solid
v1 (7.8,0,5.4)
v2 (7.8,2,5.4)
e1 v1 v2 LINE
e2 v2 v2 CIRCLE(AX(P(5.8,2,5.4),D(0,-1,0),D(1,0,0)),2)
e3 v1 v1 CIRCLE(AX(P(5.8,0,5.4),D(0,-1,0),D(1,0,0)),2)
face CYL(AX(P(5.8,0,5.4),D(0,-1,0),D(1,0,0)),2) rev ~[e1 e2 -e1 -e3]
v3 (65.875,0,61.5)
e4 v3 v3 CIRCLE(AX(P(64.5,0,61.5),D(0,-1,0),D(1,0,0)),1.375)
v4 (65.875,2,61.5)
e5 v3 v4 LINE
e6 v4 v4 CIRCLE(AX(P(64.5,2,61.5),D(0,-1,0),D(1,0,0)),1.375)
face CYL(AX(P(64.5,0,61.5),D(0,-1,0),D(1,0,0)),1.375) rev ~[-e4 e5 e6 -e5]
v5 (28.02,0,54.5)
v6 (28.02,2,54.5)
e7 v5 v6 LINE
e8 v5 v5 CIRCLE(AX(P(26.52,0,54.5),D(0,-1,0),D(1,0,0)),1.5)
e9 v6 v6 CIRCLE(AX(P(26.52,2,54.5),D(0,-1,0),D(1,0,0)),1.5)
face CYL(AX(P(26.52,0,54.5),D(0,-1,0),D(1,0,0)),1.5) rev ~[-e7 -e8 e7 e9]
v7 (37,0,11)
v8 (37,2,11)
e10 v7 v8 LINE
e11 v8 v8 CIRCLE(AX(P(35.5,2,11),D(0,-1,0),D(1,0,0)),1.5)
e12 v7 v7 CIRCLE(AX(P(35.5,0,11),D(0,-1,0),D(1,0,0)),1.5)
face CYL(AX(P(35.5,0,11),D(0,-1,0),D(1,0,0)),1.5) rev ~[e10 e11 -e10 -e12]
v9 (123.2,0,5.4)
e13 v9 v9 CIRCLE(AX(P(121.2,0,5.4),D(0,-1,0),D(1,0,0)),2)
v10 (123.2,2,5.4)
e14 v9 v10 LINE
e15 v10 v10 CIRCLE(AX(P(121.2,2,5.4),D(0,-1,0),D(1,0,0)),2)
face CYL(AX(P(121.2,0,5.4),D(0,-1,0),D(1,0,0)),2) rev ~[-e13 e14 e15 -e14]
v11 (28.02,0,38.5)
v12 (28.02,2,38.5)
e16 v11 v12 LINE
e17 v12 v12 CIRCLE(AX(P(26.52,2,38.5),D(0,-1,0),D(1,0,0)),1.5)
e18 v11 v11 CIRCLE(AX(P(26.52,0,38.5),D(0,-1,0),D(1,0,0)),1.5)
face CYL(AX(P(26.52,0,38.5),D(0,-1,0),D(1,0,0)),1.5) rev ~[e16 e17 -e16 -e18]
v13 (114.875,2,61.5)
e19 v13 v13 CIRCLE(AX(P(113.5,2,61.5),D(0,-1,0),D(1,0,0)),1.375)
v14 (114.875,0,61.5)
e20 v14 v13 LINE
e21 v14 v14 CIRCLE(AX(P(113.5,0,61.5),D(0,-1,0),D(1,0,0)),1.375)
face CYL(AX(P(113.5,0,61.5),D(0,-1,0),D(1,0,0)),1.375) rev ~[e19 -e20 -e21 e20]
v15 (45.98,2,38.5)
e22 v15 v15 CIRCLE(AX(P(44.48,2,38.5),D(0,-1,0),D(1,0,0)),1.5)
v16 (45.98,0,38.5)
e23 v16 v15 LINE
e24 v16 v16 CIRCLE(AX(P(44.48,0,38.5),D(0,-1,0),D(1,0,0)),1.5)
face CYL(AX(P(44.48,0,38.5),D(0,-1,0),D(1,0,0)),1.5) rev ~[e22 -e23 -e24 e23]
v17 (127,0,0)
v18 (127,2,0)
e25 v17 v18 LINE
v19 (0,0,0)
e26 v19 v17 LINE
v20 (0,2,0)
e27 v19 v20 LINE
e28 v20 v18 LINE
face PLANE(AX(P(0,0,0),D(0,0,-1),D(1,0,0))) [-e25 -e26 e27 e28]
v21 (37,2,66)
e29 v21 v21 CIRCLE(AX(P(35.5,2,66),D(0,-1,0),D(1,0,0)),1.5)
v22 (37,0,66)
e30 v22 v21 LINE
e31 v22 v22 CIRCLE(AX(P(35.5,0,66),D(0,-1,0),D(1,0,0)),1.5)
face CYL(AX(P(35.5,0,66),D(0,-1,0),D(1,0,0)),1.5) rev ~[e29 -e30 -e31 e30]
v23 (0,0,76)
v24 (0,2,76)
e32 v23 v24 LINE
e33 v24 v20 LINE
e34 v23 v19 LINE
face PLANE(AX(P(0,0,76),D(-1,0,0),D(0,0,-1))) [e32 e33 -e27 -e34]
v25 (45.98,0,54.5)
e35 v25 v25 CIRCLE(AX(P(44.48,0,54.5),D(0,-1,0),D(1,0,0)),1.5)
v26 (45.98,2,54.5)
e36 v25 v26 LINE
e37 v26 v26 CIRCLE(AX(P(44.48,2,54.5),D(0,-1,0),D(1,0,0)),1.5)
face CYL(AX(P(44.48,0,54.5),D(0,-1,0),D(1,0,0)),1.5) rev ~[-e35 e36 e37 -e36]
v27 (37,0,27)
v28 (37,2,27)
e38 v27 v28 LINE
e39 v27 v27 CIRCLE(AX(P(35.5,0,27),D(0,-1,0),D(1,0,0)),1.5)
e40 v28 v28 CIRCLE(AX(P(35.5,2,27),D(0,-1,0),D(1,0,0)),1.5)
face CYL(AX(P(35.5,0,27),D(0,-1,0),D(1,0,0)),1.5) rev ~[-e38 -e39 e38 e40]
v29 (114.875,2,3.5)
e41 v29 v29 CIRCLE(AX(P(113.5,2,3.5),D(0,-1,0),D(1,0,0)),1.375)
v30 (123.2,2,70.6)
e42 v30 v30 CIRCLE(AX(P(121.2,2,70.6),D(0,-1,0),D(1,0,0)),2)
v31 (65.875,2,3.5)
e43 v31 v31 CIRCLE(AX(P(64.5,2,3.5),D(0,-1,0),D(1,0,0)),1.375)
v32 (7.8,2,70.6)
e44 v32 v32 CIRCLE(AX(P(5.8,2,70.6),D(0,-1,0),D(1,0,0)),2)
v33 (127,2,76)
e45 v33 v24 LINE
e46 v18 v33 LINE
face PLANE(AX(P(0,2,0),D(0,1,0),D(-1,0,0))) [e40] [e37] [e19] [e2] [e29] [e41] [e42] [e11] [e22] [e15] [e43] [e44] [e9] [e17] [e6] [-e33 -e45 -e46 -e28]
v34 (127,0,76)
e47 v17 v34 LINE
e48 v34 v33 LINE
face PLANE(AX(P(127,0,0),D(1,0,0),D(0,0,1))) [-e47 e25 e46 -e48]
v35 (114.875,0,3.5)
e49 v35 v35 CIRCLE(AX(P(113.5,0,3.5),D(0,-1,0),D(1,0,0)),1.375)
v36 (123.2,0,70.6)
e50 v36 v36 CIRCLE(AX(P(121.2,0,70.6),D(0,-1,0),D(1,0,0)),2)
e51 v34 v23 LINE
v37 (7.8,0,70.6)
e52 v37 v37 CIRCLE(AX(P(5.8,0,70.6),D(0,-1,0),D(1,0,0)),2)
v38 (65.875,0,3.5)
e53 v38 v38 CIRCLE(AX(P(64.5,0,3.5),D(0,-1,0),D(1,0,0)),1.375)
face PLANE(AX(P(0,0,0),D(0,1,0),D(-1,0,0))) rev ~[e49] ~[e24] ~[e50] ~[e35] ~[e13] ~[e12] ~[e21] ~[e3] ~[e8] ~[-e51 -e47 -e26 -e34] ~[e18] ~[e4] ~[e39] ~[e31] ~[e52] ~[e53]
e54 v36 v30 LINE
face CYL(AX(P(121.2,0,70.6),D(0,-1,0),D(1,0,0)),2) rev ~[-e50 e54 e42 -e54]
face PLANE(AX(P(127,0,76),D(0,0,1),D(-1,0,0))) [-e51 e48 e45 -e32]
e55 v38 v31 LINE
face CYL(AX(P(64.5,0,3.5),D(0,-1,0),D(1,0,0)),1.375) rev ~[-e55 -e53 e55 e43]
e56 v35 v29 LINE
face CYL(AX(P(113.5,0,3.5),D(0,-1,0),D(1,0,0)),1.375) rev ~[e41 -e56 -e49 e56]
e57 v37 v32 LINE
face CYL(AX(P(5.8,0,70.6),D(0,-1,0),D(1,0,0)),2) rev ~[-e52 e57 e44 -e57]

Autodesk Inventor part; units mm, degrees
ref_plane "YZ Plane" through (0, 0, 0) normal (1, 0, 0) x (0, 1, 0)
ref_plane "XZ Plane" through (0, 0, 0) normal (0, 1, 0) x (-1, 0, 0)
ref_plane "XY Plane" through (0, 0, 0) normal (0, 0, 1) x (1, 0, 0)
sketch "Sketch1" plane through (0, 0, 0) normal (0, 1, 0) x (-1, 0, 0)
  line L0 (0, 0) -> (-127, 0)
  line L1 (-127, 0) -> (-127, 76)
  line L2 (-127, 76) -> (0, 76)
  line L3 (0, 76) -> (0, 0)
  dimension "d0" = 76
  dimension "d1" = 127
extrude "Extrusion1" add sketch "Sketch1" along normal blind 2
sketch "Sketch2" plane through (0, 0, 0) normal (0, -1, 0) x (1, 0, 0)
  line L0 (0, 0) -> (127, 0) projected
  line L1 (127, 0) -> (127, 76) projected
  line L2 (127, 76) -> (0, 76) projected
  line L3 (0, 76) -> (0, 0) projected
  line L4 (0, 5.4) -> (127, 5.4) construction
  line L5 (0, 38) -> (127, 38) construction
  line L6 (63.5, 76) -> (63.5, 0) construction
  line L7 (121.2, 76) -> (121.2, 0) construction
  line L8 (0, 70.6) -> (127, 70.6) construction
  line L9 (5.8, 76) -> (5.8, 0) construction
  circle A0 centre (121.2, 70.6) radius 2
  circle A1 centre (121.2, 5.4) radius 2
  circle A2 centre (5.8, 70.6) radius 2
  circle A3 centre (5.8, 5.4) radius 2
  dimension "d5" = 32.6
  dimension "d6" = 57.7
  dimension "d7" = 4
extrude "Extrusion2" cut sketch "Sketch2" against normal through all contours A0 | A1 | A2 | A3
sketch "Sketch3" plane through (0, 0, 0) normal (0, -1, 0) x (1, 0, 0)
  line L0 (0, 0) -> (127, 0) projected
  line L1 (0, 76) -> (0, 0) projected
  line L2 (10, 93) -> (61, 93)
  line L3 (61, 93) -> (61, 0)
  line L4 (61, 0) -> (10, 0)
  line L5 (10, 0) -> (10, 93)
  line L6 (61, 0) -> (117, 0)
  line L7 (117, 0) -> (117, 85)
  line L8 (117, 85) -> (61, 85)
  line L9 (61, 85) -> (61, 0)
  line L10 (35.5, 93) -> (35.5, 0) construction
  circle A0 centre (35.5, 27) radius 1.5
  circle A1 centre (35.5, 82) radius 1.5
  line L11 (89, 85) -> (89, 0) construction
  line L12 (117, 42.5) -> (61, 42.5) construction
  circle A2 centre (113.5, 3.5) radius 1.375
  circle A3 centre (113.5, 61.5) radius 1.375
  circle A4 centre (64.5, 3.5) radius 1.375
  circle A5 centre (64.5, 61.5) radius 1.375
  line L13 (35.5, 82) -> (35.5, 27) construction
  circle A6 centre (44.48, 54.5) radius 1.5
  circle A7 centre (26.52, 54.5) radius 1.5
  circle A8 centre (35.5, 11) radius 1.5
  circle A9 centre (35.5, 66) radius 1.5
  line L14 (35.5, 66) -> (35.5, 11) construction
  circle A10 centre (44.48, 38.5) radius 1.5
  circle A11 centre (26.52, 38.5) radius 1.5
  dimension "d10" = 93
  dimension "d12" = 51
  dimension "d13" = 10
  dimension "d14" = 56
  dimension "d15" = 85
  dimension "d16" = 27
  dimension "d17" = 3
  dimension "d20" = 55
  dimension "d25" = 0
  dimension "d27" = 2.75
  dimension "d31" = 58
  dimension "d34" = 49
  dimension "d39" = 3.5
  dimension "d41" = 3.5
  dimension "d42" = 3
  dimension "d43" = 8.98
  dimension "d44" = 27.5
  dimension "d45" = 3
  dimension "d46" = 55
  dimension "d47" = 3
  dimension "d48" = 27.5
  dimension "d49" = 11
  dimension "d50" = 8.98
  dimension "d51" = 8.98
  dimension "d52" = 3
extrude "Extrusion3" cut sketch "Sketch3" against normal through all contours A0 | A1 | A2 | A3 | A4 | A5 | A6 | A7 | A8 | A9 | A10 | A11
properties part number "base_ps_rpi"
